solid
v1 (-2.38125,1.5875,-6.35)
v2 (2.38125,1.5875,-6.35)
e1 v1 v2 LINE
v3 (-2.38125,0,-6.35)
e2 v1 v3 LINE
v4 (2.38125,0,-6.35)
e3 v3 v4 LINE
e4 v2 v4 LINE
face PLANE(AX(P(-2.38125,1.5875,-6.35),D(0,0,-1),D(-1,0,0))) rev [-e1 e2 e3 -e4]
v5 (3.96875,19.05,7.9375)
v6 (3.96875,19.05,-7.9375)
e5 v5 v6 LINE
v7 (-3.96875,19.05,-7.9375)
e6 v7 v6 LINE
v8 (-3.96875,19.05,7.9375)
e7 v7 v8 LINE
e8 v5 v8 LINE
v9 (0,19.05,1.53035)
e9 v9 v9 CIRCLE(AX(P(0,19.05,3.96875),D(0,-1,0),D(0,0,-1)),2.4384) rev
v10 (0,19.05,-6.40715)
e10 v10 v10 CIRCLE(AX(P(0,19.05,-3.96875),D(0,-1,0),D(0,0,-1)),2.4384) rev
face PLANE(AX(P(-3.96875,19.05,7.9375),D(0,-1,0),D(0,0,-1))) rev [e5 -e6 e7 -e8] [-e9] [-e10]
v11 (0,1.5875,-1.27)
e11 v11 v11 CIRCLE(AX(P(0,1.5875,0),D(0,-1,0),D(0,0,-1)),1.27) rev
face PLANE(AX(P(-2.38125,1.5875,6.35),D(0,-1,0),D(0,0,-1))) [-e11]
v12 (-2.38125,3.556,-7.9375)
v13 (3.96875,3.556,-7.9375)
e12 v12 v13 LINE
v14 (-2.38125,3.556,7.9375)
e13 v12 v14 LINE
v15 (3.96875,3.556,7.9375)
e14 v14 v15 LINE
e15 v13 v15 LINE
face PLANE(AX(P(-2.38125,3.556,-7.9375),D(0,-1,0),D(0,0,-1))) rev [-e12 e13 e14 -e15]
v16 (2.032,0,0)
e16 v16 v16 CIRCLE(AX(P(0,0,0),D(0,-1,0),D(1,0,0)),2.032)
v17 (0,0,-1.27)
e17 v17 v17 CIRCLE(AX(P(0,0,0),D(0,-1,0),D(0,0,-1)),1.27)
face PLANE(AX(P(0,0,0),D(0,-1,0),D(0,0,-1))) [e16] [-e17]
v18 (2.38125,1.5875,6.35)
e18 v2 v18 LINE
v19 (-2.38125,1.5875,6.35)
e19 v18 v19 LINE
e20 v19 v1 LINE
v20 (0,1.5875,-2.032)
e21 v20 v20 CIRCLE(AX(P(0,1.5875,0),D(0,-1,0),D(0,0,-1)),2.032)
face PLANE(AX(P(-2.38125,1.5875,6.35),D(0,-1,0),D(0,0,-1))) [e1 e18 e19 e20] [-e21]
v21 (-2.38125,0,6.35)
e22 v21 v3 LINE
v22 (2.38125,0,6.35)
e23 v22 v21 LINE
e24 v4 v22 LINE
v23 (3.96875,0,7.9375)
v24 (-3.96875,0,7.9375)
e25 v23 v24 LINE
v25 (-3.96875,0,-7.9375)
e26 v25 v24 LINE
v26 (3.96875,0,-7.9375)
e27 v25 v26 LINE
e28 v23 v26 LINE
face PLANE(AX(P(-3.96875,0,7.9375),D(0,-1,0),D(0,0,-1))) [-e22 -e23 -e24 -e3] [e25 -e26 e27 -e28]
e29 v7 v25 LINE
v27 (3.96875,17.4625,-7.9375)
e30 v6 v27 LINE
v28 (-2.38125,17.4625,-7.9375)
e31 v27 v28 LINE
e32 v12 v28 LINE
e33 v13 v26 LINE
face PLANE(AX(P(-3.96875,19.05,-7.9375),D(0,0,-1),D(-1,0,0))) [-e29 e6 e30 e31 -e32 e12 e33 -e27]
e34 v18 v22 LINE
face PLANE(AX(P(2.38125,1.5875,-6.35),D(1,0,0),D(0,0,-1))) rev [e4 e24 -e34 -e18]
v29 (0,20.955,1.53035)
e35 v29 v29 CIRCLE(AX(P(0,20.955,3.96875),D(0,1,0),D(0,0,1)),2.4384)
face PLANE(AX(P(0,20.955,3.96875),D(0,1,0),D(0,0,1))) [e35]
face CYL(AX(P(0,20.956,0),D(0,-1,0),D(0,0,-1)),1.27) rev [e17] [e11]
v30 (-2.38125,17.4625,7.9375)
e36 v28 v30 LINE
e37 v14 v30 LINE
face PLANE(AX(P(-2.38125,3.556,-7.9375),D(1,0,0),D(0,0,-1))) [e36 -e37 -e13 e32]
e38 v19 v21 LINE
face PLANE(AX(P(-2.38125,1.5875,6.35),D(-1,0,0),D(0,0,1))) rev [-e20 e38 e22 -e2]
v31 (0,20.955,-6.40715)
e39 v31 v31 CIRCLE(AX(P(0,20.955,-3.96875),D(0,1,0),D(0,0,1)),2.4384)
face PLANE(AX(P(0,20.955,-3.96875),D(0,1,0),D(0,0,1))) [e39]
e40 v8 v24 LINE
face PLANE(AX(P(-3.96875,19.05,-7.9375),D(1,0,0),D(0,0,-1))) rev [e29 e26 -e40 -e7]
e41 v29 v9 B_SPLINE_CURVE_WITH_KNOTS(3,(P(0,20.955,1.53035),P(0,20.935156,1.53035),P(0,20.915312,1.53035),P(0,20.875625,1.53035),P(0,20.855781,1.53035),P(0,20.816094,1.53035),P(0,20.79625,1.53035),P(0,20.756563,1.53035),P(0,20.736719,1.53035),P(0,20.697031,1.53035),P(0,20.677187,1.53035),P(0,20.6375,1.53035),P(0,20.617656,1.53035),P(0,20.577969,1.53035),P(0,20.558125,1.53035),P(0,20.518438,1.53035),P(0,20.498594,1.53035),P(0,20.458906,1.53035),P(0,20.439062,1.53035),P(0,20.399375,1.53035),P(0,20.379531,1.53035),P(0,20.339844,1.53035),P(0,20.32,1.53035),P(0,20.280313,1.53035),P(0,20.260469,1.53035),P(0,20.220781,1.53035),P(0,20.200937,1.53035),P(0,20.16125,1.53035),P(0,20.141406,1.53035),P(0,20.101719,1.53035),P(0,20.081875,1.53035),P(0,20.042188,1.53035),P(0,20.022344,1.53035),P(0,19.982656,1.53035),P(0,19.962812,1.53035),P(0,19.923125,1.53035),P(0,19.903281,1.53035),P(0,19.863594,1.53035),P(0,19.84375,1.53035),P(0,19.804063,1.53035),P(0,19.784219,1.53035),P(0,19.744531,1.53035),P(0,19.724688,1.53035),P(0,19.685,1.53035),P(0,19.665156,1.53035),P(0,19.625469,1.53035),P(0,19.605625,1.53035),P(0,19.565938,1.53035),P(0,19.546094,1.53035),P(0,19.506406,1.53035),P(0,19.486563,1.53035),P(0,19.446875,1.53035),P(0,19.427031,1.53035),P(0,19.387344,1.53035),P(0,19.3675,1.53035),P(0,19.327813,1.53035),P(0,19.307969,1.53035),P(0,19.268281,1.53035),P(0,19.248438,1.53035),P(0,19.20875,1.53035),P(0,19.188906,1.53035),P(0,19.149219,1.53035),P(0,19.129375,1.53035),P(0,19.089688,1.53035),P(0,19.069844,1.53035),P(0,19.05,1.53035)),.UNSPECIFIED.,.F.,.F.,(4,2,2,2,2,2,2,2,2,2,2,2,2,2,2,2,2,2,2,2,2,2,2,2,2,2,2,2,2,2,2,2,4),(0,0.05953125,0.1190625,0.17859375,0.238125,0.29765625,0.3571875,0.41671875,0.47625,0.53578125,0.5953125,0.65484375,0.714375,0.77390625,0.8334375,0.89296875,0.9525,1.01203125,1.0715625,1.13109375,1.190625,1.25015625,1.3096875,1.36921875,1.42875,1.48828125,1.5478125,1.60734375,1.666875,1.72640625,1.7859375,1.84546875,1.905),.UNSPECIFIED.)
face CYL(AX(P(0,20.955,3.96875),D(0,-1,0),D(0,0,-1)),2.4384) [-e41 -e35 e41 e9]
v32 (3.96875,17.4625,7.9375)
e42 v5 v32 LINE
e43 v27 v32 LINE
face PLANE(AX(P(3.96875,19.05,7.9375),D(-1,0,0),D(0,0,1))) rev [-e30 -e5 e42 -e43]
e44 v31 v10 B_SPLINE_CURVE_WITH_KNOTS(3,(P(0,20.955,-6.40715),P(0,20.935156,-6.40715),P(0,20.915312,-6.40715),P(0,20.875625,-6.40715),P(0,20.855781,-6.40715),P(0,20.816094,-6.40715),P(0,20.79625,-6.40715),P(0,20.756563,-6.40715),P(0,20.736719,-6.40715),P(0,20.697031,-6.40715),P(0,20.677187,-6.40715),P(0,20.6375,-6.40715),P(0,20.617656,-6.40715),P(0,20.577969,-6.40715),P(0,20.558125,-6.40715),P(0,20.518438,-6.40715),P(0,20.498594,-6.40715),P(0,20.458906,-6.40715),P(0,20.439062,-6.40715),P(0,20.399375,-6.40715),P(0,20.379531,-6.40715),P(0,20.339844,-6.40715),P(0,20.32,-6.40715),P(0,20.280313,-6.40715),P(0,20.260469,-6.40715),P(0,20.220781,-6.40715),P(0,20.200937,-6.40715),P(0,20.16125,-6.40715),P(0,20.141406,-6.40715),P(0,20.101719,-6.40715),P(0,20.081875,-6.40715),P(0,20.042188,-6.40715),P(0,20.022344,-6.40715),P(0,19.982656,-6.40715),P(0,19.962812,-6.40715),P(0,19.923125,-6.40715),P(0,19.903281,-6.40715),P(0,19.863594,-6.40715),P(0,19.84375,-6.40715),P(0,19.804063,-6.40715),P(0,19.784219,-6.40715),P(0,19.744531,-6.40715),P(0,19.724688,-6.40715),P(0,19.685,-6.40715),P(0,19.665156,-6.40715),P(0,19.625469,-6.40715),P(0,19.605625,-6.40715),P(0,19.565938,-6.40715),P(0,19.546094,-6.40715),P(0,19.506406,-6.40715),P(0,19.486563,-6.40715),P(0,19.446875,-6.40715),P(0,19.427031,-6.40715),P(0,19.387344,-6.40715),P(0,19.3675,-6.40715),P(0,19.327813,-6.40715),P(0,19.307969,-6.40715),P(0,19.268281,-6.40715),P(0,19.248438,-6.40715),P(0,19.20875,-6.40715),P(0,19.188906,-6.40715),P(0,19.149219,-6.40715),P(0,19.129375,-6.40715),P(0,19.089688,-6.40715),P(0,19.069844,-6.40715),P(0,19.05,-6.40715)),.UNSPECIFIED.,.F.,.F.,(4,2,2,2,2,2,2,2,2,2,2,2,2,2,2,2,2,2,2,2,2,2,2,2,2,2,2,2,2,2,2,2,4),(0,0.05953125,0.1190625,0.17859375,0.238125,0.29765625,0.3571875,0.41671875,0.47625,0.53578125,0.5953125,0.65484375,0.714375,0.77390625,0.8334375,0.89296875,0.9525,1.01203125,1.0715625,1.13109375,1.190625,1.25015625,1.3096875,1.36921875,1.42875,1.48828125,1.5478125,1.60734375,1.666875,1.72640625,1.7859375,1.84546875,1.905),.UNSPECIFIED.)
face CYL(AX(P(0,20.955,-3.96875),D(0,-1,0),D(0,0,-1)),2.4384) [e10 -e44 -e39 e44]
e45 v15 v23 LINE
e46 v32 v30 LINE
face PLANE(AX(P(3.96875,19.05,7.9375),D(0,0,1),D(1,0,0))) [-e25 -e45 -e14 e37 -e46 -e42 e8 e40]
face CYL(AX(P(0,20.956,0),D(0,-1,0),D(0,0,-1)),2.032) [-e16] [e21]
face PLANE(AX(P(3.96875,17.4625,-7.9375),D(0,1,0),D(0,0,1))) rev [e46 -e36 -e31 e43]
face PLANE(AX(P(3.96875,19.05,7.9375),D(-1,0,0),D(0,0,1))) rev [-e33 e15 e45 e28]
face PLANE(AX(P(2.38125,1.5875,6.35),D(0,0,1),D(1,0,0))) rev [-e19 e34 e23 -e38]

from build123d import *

# Parameters (mm, degrees)
SKETCH1_W           = 7.9375
SKETCH1_H           = 15.875
BASE_EXTRUDE_DEPTH  = 19.05
SKETCH2_R           = 2.4384
BOSS_EXTRUDE1_DEPTH = 1.905
LPATTERN6_COUNT     = 2
LPATTERN6_PITCH     = 7.9375
SKETCH4_W           = 4.7625
SKETCH4_H           = 12.7
CUT_EXTRUDE1_DEPTH  = 1.5875
INSDOT_REACH        = 24.757
SKETCH3_R           = 2.032
SKETCH3_R_2         = 1.27
SKETCH5_W           = 6.35
SKETCH5_H           = 13.9065
CUT_EXTRUDE2_DEPTH  = 27.587189144


with BuildPart() as part:
    # Sketch1 → Base-Extrude (new body)
    with BuildSketch(Plane(origin=(0, 0, 0), x_dir=(1, 0, 0), z_dir=(0, 1, 0))):
        Rectangle(SKETCH1_W, SKETCH1_H)
    extrude(amount=BASE_EXTRUDE_DEPTH)

    # Sketch2 → Boss-Extrude1 (add)
    with BuildSketch(Plane(origin=(0, 19.05, 0), x_dir=(-1, 0, 0), z_dir=(0, 1, 0))):
        with Locations(Location((0, 3.96875, 0), (0, 0, 270))):
            Circle(SKETCH2_R)
    boss_extrude1 = extrude(amount=BOSS_EXTRUDE1_DEPTH)

    # LPattern6: Boss-Extrude1 ×2
    with Locations(*[(0, 0, -i * LPATTERN6_PITCH) for i in range(1, LPATTERN6_COUNT)]):
        add(boss_extrude1)

    # Sketch4 → Cut-Extrude1 (cut)
    with BuildSketch(Plane.XZ):
        Rectangle(SKETCH4_W, SKETCH4_H)
    extrude(amount=-CUT_EXTRUDE1_DEPTH, mode=Mode.SUBTRACT)

    # Sketch3 → InsDot (add, up to next)
    with BuildSketch(Plane.XZ, mode=Mode.PRIVATE) as insdot_sk1:
        Circle(SKETCH3_R)
        Circle(SKETCH3_R_2, mode=Mode.SUBTRACT)
    insdot_tool1 = extrude(insdot_sk1.sketch, amount=-INSDOT_REACH, mode=Mode.PRIVATE) - part.part
    add(insdot_tool1.solids().sort_by_distance((-1.974526, 0, 0))[0])

    # Sketch5 → Cut-Extrude2 (cut, through all)
    with BuildSketch(Plane.XY.offset(7.9375)):
        with Locations((0.79375, 10.50925)):
            Rectangle(SKETCH5_W, SKETCH5_H)
    extrude(amount=-CUT_EXTRUDE2_DEPTH, mode=Mode.SUBTRACT)


solid = part.part
